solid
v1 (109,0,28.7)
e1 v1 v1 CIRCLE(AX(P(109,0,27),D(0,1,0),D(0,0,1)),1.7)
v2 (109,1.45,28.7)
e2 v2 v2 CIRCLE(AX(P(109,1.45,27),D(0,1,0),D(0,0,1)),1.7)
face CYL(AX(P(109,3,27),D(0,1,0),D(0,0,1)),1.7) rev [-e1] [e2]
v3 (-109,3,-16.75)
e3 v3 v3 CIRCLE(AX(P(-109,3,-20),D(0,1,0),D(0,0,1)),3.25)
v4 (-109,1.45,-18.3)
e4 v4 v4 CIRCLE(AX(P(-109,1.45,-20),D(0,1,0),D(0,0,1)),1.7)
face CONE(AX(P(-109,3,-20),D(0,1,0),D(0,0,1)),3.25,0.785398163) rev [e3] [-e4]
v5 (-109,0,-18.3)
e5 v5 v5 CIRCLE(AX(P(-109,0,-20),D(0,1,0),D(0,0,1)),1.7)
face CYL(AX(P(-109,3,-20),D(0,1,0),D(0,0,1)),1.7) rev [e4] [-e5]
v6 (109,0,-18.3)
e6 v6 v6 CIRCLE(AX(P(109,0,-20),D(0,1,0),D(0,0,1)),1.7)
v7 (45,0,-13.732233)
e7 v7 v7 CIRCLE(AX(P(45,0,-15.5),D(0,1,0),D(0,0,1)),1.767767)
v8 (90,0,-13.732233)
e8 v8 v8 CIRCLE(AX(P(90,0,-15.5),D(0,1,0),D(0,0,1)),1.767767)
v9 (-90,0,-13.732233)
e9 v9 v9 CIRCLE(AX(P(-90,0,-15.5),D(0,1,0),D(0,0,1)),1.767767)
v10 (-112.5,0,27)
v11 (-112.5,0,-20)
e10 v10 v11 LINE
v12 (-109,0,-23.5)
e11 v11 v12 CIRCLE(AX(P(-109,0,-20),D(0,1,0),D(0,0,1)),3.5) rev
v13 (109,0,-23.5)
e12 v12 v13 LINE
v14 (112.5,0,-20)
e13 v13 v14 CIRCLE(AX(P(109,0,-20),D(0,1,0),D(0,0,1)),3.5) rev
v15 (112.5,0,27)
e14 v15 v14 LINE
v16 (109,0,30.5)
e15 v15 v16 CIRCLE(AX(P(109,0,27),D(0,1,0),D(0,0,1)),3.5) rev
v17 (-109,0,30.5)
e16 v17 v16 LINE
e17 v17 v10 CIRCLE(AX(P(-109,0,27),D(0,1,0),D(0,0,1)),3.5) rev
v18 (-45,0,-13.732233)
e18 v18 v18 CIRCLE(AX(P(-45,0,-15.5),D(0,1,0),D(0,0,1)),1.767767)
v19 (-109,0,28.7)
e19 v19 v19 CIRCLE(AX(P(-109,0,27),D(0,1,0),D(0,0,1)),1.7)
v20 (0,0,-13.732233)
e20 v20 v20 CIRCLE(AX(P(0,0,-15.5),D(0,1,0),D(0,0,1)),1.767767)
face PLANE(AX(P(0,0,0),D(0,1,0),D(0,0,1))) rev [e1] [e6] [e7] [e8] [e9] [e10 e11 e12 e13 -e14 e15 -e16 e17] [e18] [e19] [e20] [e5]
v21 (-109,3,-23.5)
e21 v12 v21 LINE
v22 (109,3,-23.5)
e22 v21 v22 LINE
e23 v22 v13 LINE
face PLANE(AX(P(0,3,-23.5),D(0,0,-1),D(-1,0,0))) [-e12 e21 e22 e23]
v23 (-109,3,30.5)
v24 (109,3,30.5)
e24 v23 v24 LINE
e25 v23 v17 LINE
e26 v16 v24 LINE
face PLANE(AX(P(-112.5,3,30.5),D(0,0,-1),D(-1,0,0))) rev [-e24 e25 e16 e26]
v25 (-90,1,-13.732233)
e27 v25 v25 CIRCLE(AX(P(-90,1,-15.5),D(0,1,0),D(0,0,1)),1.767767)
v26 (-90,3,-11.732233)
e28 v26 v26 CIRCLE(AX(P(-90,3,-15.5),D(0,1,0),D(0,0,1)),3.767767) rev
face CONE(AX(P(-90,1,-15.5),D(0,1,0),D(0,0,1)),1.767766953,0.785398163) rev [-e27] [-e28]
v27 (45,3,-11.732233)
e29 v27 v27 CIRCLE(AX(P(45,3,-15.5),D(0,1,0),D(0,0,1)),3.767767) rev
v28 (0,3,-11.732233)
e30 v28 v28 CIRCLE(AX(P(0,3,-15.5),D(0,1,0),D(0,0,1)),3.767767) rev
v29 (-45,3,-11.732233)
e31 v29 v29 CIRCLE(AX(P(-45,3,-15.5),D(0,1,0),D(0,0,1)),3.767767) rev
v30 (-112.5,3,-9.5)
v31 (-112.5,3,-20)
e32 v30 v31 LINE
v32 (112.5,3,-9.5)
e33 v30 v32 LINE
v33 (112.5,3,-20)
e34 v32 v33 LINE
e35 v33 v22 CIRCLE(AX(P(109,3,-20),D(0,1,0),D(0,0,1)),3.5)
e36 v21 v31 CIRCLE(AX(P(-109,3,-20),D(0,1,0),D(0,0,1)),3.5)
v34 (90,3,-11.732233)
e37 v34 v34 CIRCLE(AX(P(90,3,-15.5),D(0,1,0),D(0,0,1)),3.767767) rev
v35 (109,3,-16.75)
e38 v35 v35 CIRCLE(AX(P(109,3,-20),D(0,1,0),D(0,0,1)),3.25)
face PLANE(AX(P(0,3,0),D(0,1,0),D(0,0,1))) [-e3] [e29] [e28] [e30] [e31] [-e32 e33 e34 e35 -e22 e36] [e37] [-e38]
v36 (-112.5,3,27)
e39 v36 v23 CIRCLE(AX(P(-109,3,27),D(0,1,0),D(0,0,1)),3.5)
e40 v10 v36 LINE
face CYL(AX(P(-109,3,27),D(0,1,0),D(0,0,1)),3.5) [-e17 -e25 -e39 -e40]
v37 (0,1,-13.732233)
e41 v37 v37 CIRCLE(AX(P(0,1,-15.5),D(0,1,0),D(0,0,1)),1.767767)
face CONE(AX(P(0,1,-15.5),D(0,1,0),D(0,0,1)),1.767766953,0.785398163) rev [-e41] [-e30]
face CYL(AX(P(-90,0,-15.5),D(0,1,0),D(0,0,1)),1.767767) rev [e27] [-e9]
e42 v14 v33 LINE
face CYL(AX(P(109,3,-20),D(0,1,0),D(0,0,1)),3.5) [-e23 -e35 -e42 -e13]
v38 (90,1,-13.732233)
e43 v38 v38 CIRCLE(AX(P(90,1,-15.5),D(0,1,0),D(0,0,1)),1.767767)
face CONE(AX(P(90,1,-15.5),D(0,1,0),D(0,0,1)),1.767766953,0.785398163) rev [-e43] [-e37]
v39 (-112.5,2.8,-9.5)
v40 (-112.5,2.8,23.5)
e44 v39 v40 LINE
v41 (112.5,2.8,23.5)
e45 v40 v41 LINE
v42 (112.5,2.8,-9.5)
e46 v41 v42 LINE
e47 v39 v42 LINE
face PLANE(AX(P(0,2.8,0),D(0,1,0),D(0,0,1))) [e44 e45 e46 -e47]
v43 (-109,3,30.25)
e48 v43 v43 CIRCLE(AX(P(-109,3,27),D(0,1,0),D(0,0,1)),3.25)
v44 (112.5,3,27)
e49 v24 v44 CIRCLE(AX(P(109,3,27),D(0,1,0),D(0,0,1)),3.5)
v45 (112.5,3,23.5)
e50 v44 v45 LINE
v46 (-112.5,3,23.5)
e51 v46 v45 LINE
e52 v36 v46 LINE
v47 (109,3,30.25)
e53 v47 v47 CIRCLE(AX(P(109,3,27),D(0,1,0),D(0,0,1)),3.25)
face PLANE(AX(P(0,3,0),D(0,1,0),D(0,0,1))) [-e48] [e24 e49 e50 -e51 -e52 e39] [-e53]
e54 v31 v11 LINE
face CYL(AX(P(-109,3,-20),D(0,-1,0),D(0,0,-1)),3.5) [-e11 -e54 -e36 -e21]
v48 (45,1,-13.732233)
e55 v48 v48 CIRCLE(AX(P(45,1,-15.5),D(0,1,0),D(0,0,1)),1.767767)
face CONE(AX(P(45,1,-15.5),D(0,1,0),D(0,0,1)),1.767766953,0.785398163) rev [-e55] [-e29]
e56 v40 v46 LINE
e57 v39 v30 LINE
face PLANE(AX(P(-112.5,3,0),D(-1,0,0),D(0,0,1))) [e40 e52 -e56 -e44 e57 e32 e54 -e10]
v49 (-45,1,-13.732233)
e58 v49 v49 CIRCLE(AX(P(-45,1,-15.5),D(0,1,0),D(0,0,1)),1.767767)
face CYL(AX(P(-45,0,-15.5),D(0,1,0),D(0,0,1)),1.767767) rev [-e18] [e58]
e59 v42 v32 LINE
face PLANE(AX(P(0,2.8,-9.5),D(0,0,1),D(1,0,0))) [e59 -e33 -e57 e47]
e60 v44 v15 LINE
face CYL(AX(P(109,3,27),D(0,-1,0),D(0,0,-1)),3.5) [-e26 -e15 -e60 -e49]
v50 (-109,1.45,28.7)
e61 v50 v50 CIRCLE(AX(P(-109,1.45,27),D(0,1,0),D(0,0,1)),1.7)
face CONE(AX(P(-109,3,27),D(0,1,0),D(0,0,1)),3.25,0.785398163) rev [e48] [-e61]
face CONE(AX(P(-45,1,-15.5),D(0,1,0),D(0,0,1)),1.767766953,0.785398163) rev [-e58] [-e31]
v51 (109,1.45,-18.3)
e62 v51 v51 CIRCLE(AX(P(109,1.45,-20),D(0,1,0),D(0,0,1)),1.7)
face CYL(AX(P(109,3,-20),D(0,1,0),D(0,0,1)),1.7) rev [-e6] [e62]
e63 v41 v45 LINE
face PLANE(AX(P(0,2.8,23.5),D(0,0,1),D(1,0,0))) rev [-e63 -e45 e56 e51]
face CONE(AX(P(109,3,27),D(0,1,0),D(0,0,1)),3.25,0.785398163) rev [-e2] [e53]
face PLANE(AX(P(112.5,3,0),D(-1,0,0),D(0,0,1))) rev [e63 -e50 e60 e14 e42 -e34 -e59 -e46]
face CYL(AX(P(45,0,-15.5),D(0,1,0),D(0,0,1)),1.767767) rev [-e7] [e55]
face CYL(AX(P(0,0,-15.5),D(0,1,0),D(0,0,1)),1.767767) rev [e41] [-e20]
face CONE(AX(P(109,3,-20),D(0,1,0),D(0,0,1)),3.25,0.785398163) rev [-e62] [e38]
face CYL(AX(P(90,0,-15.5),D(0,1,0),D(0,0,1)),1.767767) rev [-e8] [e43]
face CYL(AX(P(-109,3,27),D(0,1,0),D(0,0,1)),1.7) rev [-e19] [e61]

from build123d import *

# Parameters (mm, degrees)
SKETCH1_W                                    = 225
SKETCH1_H                                    = 47
SKETCH1_H_2                                  = 7
BOSS_EXTRUDE1_DEPTH                          = 3
SKETCH3_R                                    = 1.767766953
CUT_EXTRUDE1_DEPTH                           = 117.59974271
CHAMFER2_SIZE                                = 2
SKETCH2_W                                    = 225
SKETCH2_H                                    = 33
SKETCH2_R                                    = 15
CUT_EXTRUDE2_DEPTH                           = 0.2
FILLET1_R                                    = 3.5
CSK_FOR_M3_COUNTERSUNK_FLAT_HEAD_SCR_2_COUNT = 2
CSK_FOR_M3_COUNTERSUNK_FLAT_HEAD_SCR_2_PITCH = 47
CSK_FOR_M3_COUNTERSUNK_FLAT_HEAD_SCR_3_COUNT = 2
CSK_FOR_M3_COUNTERSUNK_FLAT_HEAD_SCR_3_PITCH = 223.00896843
CSK_FOR_M3_COUNTERSUNK_FLAT_HEAD_SCR_4_COUNT = 2
CSK_FOR_M3_COUNTERSUNK_FLAT_HEAD_SCR_4_PITCH = 218


with BuildPart() as part:
    # Sketch1 → Boss-Extrude1 (new body)
    with BuildSketch(Plane(origin=(0, 0, 0), x_dir=(1, 0, 0), z_dir=(0, 1, 0))):
        Rectangle(SKETCH1_W, SKETCH1_H)
        with Locations((0, -27)):
            Rectangle(SKETCH1_W, SKETCH1_H_2)
    extrude(amount=BOSS_EXTRUDE1_DEPTH)

    # Sketch3 → Cut-Extrude1 (cut, through all)
    with BuildSketch(Plane(origin=(0, 3, 0), x_dir=(1, 0, 0), z_dir=(0, 1, 0))):
        with Locations(Location((0, 15.5, 0), (0, 0, 270))):
            Circle(SKETCH3_R)
        with Locations(Location((45, 15.5, 0), (0, 0, 270))):
            Circle(SKETCH3_R)
        with Locations(Location((90, 15.5, 0), (0, 0, 270))):
            Circle(SKETCH3_R)
        with Locations(Location((-45, 15.5, 0), (0, 0, 270))):
            Circle(SKETCH3_R)
        with Locations(Location((-90, 15.5, 0), (0, 0, 270))):
            Circle(SKETCH3_R)
    extrude(amount=-CUT_EXTRUDE1_DEPTH, mode=Mode.SUBTRACT)

    # Chamfer2
    chamfer2_edges = [part.edges().sort_by_distance(p)[0] for p in [
        (-90, 3, -17.267766953),
        (-45, 3, -17.267766953),
        (90, 3, -17.267766953),
        (45, 3, -17.267766953),
        (0, 3, -17.267766953),
    ]]
    chamfer(chamfer2_edges, length=CHAMFER2_SIZE)

    # Sketch2 → Cut-Extrude2 (cut)
    # profile 1 of 6: a face of its own
    with BuildSketch(Plane(origin=(0, 3, 0), x_dir=(1, 0, 0), z_dir=(0, 1, 0))):
        with Locations((0, -7)):
            Rectangle(SKETCH2_W, SKETCH2_H)
        with Locations((-90, -7)):
            Circle(SKETCH2_R, mode=Mode.SUBTRACT)
        with Locations((-45, -7)):
            Circle(SKETCH2_R, mode=Mode.SUBTRACT)
        with Locations((0, -7)):
            Circle(SKETCH2_R, mode=Mode.SUBTRACT)
        with Locations((45, -7)):
            Circle(SKETCH2_R, mode=Mode.SUBTRACT)
        with Locations((90, -7)):
            Circle(SKETCH2_R, mode=Mode.SUBTRACT)
    # profile 2 of 6: a face of its own
    with BuildSketch(Plane(origin=(0, 3, 0), x_dir=(1, 0, 0), z_dir=(0, 1, 0))):
        with Locations((-90, -7)):
            Circle(SKETCH2_R)
    # profile 3 of 6: a face of its own
    with BuildSketch(Plane(origin=(0, 3, 0), x_dir=(1, 0, 0), z_dir=(0, 1, 0))):
        with Locations((-45, -7)):
            Circle(SKETCH2_R)
    # profile 4 of 6: a face of its own
    with BuildSketch(Plane(origin=(0, 3, 0), x_dir=(1, 0, 0), z_dir=(0, 1, 0))):
        with Locations((0, -7)):
            Circle(SKETCH2_R)
    # profile 5 of 6: a face of its own
    with BuildSketch(Plane(origin=(0, 3, 0), x_dir=(1, 0, 0), z_dir=(0, 1, 0))):
        with Locations((45, -7)):
            Circle(SKETCH2_R)
    # profile 6 of 6: a face of its own
    with BuildSketch(Plane(origin=(0, 3, 0), x_dir=(1, 0, 0), z_dir=(0, 1, 0))):
        with Locations((90, -7)):
            Circle(SKETCH2_R)
    extrude(amount=-CUT_EXTRUDE2_DEPTH, mode=Mode.SUBTRACT)

    # Fillet1
    fillet1_edges = [part.edges().sort_by_distance(p)[0] for p in [
        (112.5, 1.5, 30.5),
        (-112.5, 1.5, 30.5),
        (-112.5, 1.5, -23.5),
        (112.5, 1.5, -23.5),
    ]]
    fillet(fillet1_edges, radius=FILLET1_R)

    # Sketch5 → CSK for M3 Countersunk Flat Head Screw1 (revolve, cut)
    with BuildSketch(Plane(origin=(109, 3, -20), x_dir=(0, 0, 1), z_dir=(1, 0, 0))):
        Polygon((0, 0), (0, 3), (1.7, 3), (1.7, 1.55), (3.25, 0), align=None)
    csk_for_m3_countersunk_flat_head_screw1 = revolve(axis=Axis((109, 9.35, -20), (0, -1, 0)), mode=Mode.SUBTRACT)

    # CSK for M3 Countersunk Flat Head Scr 2: CSK for M3 Countersunk Flat Head Screw1 ×2
    with Locations(*[(0, 0, i * CSK_FOR_M3_COUNTERSUNK_FLAT_HEAD_SCR_2_PITCH) for i in range(1, CSK_FOR_M3_COUNTERSUNK_FLAT_HEAD_SCR_2_COUNT)]):
        add(csk_for_m3_countersunk_flat_head_screw1, mode=Mode.SUBTRACT)

    # CSK for M3 Countersunk Flat Head Scr 3: CSK for M3 Countersunk Flat Head Screw1 ×2
    with Locations(*[Vector(-0.977539161474997, 0, 0.21075385591433424) * (i * CSK_FOR_M3_COUNTERSUNK_FLAT_HEAD_SCR_3_PITCH) for i in range(1, CSK_FOR_M3_COUNTERSUNK_FLAT_HEAD_SCR_3_COUNT)]):
        add(csk_for_m3_countersunk_flat_head_screw1, mode=Mode.SUBTRACT)

    # CSK for M3 Countersunk Flat Head Scr 4: CSK for M3 Countersunk Flat Head Screw1 ×2
    with Locations(*[(-i * CSK_FOR_M3_COUNTERSUNK_FLAT_HEAD_SCR_4_PITCH, 0, 0) for i in range(1, CSK_FOR_M3_COUNTERSUNK_FLAT_HEAD_SCR_4_COUNT)]):
        add(csk_for_m3_countersunk_flat_head_screw1, mode=Mode.SUBTRACT)


solid = part.part
